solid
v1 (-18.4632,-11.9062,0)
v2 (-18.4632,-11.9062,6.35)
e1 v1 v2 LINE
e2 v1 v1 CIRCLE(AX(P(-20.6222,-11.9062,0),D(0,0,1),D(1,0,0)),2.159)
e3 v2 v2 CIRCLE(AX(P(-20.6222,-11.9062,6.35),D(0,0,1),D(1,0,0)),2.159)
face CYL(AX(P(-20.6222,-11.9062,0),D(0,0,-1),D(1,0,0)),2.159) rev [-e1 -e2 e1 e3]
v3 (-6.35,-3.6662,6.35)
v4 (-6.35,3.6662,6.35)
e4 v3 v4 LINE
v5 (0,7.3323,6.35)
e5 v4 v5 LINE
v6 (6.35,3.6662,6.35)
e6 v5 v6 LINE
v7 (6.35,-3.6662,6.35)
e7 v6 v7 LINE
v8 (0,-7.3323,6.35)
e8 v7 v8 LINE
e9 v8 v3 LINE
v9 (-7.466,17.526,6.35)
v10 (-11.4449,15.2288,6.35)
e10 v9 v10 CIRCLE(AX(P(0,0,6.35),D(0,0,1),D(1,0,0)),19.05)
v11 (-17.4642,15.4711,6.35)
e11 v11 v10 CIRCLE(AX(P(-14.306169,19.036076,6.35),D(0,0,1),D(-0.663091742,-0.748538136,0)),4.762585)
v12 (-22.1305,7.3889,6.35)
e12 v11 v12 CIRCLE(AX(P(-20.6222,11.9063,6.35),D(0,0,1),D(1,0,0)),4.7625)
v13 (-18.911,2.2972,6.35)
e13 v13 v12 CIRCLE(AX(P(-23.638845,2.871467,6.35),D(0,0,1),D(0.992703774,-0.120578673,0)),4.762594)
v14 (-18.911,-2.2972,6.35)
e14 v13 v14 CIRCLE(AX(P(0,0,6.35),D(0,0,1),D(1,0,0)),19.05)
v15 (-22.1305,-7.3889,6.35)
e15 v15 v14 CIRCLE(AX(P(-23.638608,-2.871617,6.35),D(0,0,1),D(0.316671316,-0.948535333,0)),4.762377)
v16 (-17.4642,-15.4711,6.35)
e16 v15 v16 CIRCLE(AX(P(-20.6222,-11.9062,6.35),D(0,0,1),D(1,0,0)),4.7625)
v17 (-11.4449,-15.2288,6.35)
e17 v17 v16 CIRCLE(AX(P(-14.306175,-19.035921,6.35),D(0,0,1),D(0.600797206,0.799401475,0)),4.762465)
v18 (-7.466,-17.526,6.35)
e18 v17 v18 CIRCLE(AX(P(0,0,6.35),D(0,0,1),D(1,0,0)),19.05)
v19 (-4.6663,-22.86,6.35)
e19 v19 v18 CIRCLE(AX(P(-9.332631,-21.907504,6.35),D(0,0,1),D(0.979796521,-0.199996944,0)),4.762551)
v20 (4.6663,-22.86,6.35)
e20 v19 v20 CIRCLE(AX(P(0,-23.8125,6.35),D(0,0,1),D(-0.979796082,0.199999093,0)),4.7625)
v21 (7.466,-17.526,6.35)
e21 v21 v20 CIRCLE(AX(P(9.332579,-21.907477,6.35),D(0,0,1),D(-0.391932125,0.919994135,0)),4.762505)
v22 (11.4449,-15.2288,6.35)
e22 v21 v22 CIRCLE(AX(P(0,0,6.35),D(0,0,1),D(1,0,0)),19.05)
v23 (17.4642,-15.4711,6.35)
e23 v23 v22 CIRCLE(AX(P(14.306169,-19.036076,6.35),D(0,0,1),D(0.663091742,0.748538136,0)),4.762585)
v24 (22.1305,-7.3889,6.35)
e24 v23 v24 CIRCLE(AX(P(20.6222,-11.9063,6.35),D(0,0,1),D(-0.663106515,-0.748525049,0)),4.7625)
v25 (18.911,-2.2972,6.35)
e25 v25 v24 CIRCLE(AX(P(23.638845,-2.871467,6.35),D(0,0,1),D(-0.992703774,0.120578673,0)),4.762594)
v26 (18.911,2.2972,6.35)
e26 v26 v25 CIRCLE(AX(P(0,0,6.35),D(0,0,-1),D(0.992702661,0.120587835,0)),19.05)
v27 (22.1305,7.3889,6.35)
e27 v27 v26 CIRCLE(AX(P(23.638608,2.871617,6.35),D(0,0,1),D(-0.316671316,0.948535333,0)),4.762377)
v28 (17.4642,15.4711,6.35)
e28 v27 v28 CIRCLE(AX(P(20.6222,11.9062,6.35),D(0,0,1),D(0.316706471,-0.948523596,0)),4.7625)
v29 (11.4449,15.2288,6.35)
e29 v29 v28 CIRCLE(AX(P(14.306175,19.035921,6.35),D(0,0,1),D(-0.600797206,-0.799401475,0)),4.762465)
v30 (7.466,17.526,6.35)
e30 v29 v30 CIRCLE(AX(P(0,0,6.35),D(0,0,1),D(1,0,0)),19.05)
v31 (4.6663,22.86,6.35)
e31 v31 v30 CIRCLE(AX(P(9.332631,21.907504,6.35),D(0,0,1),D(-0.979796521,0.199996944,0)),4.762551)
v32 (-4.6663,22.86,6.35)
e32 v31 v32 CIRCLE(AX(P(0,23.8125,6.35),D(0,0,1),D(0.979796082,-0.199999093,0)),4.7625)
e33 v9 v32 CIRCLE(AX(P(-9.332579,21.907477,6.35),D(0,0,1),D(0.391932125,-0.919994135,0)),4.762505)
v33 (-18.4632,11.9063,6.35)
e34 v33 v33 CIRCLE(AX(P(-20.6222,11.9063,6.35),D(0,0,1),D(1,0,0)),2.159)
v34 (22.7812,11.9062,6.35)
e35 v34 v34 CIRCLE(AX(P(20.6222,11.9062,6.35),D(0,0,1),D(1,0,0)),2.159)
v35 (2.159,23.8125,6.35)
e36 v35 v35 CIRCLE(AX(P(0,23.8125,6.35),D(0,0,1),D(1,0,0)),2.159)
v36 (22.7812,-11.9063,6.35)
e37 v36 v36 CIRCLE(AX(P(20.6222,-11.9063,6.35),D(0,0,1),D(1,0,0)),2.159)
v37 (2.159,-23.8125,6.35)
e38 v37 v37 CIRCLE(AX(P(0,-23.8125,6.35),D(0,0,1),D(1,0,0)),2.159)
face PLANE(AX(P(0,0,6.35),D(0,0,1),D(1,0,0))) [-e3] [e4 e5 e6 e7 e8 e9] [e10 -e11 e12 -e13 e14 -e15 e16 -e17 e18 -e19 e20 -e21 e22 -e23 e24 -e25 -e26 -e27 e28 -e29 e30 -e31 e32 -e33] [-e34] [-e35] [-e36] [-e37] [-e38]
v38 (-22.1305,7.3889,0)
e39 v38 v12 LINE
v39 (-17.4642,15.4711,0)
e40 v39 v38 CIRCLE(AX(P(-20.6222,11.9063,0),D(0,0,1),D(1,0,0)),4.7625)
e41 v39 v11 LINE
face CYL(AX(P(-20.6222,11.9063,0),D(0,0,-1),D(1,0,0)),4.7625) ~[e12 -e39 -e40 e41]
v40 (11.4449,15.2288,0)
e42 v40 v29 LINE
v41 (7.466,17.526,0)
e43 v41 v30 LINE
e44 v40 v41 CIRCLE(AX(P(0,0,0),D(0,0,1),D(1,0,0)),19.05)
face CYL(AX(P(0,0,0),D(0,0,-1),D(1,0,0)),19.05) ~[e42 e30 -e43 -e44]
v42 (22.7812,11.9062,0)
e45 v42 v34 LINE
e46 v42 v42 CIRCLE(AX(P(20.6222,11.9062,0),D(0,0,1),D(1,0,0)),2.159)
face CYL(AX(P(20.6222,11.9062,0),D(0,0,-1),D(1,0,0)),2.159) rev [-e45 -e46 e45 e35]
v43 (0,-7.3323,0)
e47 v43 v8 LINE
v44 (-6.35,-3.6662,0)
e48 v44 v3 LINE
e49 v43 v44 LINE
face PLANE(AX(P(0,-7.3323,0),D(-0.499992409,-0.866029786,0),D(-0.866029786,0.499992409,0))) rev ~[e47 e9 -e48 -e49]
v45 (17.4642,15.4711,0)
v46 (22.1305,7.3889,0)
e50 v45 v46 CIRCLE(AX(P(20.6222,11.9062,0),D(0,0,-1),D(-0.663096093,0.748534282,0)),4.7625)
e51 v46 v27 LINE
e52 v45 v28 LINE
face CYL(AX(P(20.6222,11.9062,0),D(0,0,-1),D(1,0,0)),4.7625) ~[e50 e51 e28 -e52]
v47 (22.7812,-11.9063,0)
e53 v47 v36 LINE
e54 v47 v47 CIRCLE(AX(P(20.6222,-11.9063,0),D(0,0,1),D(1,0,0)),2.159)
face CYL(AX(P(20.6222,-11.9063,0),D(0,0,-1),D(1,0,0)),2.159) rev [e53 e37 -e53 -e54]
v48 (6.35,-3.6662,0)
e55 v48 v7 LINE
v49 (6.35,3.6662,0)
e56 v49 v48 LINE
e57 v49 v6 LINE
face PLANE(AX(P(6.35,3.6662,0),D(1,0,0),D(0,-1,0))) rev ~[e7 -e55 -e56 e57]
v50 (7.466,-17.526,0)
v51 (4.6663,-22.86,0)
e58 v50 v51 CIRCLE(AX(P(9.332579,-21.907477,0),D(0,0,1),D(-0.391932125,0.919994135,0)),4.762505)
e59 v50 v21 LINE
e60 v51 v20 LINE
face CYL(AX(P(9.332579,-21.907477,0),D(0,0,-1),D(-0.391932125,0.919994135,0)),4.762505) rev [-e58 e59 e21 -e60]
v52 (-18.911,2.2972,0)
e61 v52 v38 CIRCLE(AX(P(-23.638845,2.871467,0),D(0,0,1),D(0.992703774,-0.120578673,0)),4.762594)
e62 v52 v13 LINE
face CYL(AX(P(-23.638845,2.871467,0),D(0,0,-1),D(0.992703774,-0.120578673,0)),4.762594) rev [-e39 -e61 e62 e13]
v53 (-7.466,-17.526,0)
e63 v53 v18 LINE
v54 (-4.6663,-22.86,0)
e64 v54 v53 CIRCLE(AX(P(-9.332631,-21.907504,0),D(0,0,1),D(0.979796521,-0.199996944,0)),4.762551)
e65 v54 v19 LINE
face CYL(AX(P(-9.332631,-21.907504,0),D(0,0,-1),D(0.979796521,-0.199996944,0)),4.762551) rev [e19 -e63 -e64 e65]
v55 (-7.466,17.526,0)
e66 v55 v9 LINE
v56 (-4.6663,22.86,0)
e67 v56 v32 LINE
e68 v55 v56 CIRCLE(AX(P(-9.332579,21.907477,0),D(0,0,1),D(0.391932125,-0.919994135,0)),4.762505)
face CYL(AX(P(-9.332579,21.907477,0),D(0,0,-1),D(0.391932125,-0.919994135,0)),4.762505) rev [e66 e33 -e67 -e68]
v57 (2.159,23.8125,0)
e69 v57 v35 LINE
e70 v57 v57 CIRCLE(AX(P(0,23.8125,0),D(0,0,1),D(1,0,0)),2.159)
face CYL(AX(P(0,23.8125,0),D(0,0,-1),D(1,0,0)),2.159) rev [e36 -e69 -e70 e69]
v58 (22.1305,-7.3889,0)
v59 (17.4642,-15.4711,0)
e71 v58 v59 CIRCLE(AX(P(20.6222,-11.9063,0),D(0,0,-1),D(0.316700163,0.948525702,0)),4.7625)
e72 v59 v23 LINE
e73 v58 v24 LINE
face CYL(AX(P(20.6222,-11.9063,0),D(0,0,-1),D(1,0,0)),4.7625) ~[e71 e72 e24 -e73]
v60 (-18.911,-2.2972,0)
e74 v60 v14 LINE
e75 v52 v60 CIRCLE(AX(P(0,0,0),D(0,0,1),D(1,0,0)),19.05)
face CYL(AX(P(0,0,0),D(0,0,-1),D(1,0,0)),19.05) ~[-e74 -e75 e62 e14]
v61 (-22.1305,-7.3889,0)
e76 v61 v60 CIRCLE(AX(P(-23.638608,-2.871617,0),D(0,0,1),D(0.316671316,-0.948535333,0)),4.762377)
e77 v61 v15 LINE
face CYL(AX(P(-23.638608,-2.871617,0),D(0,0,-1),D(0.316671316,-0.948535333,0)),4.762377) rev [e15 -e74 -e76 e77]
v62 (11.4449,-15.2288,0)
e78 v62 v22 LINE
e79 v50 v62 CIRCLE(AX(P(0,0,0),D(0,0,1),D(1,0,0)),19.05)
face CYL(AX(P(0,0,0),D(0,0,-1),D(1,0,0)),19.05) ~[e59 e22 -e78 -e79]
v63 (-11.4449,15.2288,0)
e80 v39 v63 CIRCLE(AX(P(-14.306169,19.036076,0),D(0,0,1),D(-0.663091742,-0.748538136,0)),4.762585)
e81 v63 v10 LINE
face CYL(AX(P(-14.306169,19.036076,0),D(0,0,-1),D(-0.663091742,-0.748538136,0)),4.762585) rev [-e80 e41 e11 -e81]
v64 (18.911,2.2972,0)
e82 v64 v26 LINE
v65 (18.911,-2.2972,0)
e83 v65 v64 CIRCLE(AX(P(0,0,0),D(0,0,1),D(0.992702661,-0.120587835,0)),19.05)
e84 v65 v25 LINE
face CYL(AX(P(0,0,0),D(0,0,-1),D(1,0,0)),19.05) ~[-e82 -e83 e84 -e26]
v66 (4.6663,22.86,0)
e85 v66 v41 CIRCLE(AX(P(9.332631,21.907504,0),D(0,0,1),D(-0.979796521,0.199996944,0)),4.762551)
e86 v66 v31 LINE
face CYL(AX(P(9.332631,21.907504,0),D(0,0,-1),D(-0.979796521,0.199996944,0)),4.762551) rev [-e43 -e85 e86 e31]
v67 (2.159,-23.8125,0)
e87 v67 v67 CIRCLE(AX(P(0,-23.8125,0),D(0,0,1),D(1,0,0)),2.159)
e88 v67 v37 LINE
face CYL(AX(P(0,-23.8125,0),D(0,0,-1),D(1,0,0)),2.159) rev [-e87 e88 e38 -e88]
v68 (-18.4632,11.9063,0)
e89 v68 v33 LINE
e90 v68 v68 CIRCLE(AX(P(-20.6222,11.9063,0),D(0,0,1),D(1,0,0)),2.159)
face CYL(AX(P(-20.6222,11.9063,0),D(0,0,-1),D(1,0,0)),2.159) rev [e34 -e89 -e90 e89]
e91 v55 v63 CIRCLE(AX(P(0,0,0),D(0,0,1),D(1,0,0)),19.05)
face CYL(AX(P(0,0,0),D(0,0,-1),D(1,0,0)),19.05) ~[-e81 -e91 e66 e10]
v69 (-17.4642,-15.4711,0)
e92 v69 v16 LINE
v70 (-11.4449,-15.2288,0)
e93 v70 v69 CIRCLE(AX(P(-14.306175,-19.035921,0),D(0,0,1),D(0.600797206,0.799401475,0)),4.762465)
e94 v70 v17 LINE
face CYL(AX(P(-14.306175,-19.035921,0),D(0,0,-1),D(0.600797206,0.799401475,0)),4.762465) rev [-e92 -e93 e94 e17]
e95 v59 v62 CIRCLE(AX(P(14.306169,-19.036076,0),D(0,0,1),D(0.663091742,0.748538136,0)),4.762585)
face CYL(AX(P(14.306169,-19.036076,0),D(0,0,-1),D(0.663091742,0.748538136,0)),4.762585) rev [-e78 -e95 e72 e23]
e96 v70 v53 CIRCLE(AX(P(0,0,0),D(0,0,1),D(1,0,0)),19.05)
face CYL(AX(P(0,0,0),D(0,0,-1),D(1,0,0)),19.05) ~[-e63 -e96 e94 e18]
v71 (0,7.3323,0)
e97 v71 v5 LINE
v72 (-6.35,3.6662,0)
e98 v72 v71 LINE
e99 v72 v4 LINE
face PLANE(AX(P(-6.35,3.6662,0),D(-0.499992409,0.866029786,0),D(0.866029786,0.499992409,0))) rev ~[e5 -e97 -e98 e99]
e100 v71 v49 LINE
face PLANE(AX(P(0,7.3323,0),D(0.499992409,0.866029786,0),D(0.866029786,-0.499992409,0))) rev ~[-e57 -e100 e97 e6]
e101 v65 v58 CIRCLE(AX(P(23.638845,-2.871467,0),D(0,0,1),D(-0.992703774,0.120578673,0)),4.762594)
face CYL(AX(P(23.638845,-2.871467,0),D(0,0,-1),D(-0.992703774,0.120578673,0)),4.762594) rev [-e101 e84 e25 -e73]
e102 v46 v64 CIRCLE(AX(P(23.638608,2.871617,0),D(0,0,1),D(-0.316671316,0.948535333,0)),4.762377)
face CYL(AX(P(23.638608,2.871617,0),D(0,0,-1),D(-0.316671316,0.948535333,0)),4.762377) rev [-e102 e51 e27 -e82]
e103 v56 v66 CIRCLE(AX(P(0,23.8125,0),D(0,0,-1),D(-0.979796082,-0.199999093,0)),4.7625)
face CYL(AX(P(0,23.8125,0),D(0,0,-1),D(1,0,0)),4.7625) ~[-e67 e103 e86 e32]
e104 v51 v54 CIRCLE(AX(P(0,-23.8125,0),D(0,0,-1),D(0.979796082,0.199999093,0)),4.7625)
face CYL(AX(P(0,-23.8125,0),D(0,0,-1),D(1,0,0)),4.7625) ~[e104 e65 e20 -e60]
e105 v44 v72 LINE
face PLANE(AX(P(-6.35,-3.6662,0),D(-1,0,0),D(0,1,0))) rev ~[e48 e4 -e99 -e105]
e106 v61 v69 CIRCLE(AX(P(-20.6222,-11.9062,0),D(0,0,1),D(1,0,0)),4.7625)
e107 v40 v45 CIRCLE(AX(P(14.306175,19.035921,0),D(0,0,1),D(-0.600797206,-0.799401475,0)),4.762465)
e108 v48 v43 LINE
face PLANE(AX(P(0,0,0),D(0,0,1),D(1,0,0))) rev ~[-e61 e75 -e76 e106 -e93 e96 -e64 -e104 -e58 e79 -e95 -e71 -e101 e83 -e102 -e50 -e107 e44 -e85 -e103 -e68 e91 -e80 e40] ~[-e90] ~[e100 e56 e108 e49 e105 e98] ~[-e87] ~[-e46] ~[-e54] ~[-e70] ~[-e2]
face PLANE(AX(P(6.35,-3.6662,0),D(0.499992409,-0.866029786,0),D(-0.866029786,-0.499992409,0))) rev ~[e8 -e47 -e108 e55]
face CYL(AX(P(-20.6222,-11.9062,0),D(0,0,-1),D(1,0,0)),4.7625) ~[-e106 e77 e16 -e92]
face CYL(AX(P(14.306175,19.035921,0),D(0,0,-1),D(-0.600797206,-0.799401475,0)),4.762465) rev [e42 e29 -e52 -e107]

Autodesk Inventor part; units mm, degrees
ref_plane "YZ Plane" through (0, 0, 0) normal (1, 0, 0) x (0, 1, 0)
ref_plane "XZ Plane" through (0, 0, 0) normal (0, 1, 0) x (-1, 0, 0)
ref_plane "XY Plane" through (0, 0, 0) normal (0, 0, 1) x (1, 0, 0)
sketch "Sketch1" plane through (0, 0, 0) normal (0, 0, 1) x (1, 0, 0)
  line L0 (0, 7.3323) -> (6.35, 3.6662)
  line L1 (6.35, 3.6662) -> (6.35, -3.6662)
  line L2 (6.35, -3.6662) -> (0, -7.3323)
  line L3 (0, -7.3323) -> (-6.35, -3.6662)
  line L4 (-6.35, -3.6662) -> (-6.35, 3.6662)
  line L5 (-6.35, 3.6662) -> (0, 7.3323)
  circle A0 centre (0, 23.8125) radius 2.159
  circle A1 centre (0, 0) radius 19.05
  circle A2 centre (0, 23.8125) radius 4.7625
  circle A3 centre (-20.6222, 11.9063) radius 4.7625
  circle A4 centre (-20.6222, 11.9063) radius 2.159
  circle A5 centre (-20.6222, -11.9062) radius 4.7625
  circle A6 centre (-20.6222, -11.9062) radius 2.159
  circle A7 centre (0, -23.8125) radius 4.7625
  circle A8 centre (0, -23.8125) radius 2.159
  circle A9 centre (20.6222, -11.9063) radius 4.7625
  circle A10 centre (20.6222, -11.9063) radius 2.159
  circle A11 centre (20.6222, 11.9062) radius 4.7625
  circle A12 centre (20.6222, 11.9062) radius 2.159
  arc A13 (-7.466, 17.526) -> (-4.6663, 22.86) centre (-9.3326, 21.9075) ccw
  arc A14 (4.6663, 22.86) -> (7.466, 17.526) centre (9.3326, 21.9075) ccw
  arc A15 (-18.911, 2.2972) -> (-22.1305, 7.3889) centre (-23.6387, 2.8715) ccw
  arc A16 (-17.4642, 15.4711) -> (-11.4449, 15.2288) centre (-14.3062, 19.036) ccw
  arc A17 (-11.4449, -15.2288) -> (-17.4642, -15.4711) centre (-14.3062, -19.036) ccw
  arc A18 (-22.1305, -7.3889) -> (-18.911, -2.2972) centre (-23.6387, -2.8715) ccw
  arc A19 (7.466, -17.526) -> (4.6663, -22.86) centre (9.3326, -21.9075) ccw
  arc A20 (-4.6663, -22.86) -> (-7.466, -17.526) centre (-9.3326, -21.9075) ccw
  arc A21 (18.911, -2.2972) -> (22.1305, -7.3889) centre (23.6387, -2.8715) ccw
  arc A22 (17.4642, -15.4711) -> (11.4449, -15.2288) centre (14.3062, -19.036) ccw
  arc A23 (11.4449, 15.2288) -> (17.4642, 15.4711) centre (14.3062, 19.036) ccw
  arc A24 (22.1305, 7.3889) -> (18.911, 2.2972) centre (23.6387, 2.8715) ccw
  point P0 (0, 19.05)
  point P1 (-3.6714, 18.6929)
  point P2 (-16.4978, 9.525)
  point P3 (-18.0242, 6.1669)
  point P4 (-16.4978, -9.525)
  point P5 (-14.3528, -12.526)
  point P6 (0, -19.05)
  point P7 (3.6714, -18.6929)
  point P8 (16.4978, -9.525)
  point P9 (18.0242, -6.1669)
  point P10 (16.4978, 9.525)
  point P11 (14.3528, 12.526)
  point P12 (22.1305, 7.3889)
  point P13 (11.4449, -15.2288)
  point P14 (17.4642, -15.4711)
  point P15 (22.1305, -7.3889)
  point P16 (-7.466, -17.526)
  point P17 (-4.6663, -22.86)
  point P18 (4.6663, -22.86)
  point P19 (-18.911, -2.2972)
  point P20 (-22.1305, -7.3889)
  point P21 (-17.4642, -15.4711)
  point P22 (-11.4449, -15.2288)
  point P23 (-11.4449, 15.2288)
  point P24 (-22.1305, 7.3889)
  dimension "d0" = 12.7
  dimension "d1" = 4.318
  dimension "d2" = 38.1
  dimension "d3" = 9.525
  dimension "d6" = 360
  dimension "d11" = 23.8125
  dimension "d14" = 360
extrude "Extrusion1" add sketch "Sketch1" along normal blind 6.35
properties part number "HubPlate" material "Aluminum 6061"
